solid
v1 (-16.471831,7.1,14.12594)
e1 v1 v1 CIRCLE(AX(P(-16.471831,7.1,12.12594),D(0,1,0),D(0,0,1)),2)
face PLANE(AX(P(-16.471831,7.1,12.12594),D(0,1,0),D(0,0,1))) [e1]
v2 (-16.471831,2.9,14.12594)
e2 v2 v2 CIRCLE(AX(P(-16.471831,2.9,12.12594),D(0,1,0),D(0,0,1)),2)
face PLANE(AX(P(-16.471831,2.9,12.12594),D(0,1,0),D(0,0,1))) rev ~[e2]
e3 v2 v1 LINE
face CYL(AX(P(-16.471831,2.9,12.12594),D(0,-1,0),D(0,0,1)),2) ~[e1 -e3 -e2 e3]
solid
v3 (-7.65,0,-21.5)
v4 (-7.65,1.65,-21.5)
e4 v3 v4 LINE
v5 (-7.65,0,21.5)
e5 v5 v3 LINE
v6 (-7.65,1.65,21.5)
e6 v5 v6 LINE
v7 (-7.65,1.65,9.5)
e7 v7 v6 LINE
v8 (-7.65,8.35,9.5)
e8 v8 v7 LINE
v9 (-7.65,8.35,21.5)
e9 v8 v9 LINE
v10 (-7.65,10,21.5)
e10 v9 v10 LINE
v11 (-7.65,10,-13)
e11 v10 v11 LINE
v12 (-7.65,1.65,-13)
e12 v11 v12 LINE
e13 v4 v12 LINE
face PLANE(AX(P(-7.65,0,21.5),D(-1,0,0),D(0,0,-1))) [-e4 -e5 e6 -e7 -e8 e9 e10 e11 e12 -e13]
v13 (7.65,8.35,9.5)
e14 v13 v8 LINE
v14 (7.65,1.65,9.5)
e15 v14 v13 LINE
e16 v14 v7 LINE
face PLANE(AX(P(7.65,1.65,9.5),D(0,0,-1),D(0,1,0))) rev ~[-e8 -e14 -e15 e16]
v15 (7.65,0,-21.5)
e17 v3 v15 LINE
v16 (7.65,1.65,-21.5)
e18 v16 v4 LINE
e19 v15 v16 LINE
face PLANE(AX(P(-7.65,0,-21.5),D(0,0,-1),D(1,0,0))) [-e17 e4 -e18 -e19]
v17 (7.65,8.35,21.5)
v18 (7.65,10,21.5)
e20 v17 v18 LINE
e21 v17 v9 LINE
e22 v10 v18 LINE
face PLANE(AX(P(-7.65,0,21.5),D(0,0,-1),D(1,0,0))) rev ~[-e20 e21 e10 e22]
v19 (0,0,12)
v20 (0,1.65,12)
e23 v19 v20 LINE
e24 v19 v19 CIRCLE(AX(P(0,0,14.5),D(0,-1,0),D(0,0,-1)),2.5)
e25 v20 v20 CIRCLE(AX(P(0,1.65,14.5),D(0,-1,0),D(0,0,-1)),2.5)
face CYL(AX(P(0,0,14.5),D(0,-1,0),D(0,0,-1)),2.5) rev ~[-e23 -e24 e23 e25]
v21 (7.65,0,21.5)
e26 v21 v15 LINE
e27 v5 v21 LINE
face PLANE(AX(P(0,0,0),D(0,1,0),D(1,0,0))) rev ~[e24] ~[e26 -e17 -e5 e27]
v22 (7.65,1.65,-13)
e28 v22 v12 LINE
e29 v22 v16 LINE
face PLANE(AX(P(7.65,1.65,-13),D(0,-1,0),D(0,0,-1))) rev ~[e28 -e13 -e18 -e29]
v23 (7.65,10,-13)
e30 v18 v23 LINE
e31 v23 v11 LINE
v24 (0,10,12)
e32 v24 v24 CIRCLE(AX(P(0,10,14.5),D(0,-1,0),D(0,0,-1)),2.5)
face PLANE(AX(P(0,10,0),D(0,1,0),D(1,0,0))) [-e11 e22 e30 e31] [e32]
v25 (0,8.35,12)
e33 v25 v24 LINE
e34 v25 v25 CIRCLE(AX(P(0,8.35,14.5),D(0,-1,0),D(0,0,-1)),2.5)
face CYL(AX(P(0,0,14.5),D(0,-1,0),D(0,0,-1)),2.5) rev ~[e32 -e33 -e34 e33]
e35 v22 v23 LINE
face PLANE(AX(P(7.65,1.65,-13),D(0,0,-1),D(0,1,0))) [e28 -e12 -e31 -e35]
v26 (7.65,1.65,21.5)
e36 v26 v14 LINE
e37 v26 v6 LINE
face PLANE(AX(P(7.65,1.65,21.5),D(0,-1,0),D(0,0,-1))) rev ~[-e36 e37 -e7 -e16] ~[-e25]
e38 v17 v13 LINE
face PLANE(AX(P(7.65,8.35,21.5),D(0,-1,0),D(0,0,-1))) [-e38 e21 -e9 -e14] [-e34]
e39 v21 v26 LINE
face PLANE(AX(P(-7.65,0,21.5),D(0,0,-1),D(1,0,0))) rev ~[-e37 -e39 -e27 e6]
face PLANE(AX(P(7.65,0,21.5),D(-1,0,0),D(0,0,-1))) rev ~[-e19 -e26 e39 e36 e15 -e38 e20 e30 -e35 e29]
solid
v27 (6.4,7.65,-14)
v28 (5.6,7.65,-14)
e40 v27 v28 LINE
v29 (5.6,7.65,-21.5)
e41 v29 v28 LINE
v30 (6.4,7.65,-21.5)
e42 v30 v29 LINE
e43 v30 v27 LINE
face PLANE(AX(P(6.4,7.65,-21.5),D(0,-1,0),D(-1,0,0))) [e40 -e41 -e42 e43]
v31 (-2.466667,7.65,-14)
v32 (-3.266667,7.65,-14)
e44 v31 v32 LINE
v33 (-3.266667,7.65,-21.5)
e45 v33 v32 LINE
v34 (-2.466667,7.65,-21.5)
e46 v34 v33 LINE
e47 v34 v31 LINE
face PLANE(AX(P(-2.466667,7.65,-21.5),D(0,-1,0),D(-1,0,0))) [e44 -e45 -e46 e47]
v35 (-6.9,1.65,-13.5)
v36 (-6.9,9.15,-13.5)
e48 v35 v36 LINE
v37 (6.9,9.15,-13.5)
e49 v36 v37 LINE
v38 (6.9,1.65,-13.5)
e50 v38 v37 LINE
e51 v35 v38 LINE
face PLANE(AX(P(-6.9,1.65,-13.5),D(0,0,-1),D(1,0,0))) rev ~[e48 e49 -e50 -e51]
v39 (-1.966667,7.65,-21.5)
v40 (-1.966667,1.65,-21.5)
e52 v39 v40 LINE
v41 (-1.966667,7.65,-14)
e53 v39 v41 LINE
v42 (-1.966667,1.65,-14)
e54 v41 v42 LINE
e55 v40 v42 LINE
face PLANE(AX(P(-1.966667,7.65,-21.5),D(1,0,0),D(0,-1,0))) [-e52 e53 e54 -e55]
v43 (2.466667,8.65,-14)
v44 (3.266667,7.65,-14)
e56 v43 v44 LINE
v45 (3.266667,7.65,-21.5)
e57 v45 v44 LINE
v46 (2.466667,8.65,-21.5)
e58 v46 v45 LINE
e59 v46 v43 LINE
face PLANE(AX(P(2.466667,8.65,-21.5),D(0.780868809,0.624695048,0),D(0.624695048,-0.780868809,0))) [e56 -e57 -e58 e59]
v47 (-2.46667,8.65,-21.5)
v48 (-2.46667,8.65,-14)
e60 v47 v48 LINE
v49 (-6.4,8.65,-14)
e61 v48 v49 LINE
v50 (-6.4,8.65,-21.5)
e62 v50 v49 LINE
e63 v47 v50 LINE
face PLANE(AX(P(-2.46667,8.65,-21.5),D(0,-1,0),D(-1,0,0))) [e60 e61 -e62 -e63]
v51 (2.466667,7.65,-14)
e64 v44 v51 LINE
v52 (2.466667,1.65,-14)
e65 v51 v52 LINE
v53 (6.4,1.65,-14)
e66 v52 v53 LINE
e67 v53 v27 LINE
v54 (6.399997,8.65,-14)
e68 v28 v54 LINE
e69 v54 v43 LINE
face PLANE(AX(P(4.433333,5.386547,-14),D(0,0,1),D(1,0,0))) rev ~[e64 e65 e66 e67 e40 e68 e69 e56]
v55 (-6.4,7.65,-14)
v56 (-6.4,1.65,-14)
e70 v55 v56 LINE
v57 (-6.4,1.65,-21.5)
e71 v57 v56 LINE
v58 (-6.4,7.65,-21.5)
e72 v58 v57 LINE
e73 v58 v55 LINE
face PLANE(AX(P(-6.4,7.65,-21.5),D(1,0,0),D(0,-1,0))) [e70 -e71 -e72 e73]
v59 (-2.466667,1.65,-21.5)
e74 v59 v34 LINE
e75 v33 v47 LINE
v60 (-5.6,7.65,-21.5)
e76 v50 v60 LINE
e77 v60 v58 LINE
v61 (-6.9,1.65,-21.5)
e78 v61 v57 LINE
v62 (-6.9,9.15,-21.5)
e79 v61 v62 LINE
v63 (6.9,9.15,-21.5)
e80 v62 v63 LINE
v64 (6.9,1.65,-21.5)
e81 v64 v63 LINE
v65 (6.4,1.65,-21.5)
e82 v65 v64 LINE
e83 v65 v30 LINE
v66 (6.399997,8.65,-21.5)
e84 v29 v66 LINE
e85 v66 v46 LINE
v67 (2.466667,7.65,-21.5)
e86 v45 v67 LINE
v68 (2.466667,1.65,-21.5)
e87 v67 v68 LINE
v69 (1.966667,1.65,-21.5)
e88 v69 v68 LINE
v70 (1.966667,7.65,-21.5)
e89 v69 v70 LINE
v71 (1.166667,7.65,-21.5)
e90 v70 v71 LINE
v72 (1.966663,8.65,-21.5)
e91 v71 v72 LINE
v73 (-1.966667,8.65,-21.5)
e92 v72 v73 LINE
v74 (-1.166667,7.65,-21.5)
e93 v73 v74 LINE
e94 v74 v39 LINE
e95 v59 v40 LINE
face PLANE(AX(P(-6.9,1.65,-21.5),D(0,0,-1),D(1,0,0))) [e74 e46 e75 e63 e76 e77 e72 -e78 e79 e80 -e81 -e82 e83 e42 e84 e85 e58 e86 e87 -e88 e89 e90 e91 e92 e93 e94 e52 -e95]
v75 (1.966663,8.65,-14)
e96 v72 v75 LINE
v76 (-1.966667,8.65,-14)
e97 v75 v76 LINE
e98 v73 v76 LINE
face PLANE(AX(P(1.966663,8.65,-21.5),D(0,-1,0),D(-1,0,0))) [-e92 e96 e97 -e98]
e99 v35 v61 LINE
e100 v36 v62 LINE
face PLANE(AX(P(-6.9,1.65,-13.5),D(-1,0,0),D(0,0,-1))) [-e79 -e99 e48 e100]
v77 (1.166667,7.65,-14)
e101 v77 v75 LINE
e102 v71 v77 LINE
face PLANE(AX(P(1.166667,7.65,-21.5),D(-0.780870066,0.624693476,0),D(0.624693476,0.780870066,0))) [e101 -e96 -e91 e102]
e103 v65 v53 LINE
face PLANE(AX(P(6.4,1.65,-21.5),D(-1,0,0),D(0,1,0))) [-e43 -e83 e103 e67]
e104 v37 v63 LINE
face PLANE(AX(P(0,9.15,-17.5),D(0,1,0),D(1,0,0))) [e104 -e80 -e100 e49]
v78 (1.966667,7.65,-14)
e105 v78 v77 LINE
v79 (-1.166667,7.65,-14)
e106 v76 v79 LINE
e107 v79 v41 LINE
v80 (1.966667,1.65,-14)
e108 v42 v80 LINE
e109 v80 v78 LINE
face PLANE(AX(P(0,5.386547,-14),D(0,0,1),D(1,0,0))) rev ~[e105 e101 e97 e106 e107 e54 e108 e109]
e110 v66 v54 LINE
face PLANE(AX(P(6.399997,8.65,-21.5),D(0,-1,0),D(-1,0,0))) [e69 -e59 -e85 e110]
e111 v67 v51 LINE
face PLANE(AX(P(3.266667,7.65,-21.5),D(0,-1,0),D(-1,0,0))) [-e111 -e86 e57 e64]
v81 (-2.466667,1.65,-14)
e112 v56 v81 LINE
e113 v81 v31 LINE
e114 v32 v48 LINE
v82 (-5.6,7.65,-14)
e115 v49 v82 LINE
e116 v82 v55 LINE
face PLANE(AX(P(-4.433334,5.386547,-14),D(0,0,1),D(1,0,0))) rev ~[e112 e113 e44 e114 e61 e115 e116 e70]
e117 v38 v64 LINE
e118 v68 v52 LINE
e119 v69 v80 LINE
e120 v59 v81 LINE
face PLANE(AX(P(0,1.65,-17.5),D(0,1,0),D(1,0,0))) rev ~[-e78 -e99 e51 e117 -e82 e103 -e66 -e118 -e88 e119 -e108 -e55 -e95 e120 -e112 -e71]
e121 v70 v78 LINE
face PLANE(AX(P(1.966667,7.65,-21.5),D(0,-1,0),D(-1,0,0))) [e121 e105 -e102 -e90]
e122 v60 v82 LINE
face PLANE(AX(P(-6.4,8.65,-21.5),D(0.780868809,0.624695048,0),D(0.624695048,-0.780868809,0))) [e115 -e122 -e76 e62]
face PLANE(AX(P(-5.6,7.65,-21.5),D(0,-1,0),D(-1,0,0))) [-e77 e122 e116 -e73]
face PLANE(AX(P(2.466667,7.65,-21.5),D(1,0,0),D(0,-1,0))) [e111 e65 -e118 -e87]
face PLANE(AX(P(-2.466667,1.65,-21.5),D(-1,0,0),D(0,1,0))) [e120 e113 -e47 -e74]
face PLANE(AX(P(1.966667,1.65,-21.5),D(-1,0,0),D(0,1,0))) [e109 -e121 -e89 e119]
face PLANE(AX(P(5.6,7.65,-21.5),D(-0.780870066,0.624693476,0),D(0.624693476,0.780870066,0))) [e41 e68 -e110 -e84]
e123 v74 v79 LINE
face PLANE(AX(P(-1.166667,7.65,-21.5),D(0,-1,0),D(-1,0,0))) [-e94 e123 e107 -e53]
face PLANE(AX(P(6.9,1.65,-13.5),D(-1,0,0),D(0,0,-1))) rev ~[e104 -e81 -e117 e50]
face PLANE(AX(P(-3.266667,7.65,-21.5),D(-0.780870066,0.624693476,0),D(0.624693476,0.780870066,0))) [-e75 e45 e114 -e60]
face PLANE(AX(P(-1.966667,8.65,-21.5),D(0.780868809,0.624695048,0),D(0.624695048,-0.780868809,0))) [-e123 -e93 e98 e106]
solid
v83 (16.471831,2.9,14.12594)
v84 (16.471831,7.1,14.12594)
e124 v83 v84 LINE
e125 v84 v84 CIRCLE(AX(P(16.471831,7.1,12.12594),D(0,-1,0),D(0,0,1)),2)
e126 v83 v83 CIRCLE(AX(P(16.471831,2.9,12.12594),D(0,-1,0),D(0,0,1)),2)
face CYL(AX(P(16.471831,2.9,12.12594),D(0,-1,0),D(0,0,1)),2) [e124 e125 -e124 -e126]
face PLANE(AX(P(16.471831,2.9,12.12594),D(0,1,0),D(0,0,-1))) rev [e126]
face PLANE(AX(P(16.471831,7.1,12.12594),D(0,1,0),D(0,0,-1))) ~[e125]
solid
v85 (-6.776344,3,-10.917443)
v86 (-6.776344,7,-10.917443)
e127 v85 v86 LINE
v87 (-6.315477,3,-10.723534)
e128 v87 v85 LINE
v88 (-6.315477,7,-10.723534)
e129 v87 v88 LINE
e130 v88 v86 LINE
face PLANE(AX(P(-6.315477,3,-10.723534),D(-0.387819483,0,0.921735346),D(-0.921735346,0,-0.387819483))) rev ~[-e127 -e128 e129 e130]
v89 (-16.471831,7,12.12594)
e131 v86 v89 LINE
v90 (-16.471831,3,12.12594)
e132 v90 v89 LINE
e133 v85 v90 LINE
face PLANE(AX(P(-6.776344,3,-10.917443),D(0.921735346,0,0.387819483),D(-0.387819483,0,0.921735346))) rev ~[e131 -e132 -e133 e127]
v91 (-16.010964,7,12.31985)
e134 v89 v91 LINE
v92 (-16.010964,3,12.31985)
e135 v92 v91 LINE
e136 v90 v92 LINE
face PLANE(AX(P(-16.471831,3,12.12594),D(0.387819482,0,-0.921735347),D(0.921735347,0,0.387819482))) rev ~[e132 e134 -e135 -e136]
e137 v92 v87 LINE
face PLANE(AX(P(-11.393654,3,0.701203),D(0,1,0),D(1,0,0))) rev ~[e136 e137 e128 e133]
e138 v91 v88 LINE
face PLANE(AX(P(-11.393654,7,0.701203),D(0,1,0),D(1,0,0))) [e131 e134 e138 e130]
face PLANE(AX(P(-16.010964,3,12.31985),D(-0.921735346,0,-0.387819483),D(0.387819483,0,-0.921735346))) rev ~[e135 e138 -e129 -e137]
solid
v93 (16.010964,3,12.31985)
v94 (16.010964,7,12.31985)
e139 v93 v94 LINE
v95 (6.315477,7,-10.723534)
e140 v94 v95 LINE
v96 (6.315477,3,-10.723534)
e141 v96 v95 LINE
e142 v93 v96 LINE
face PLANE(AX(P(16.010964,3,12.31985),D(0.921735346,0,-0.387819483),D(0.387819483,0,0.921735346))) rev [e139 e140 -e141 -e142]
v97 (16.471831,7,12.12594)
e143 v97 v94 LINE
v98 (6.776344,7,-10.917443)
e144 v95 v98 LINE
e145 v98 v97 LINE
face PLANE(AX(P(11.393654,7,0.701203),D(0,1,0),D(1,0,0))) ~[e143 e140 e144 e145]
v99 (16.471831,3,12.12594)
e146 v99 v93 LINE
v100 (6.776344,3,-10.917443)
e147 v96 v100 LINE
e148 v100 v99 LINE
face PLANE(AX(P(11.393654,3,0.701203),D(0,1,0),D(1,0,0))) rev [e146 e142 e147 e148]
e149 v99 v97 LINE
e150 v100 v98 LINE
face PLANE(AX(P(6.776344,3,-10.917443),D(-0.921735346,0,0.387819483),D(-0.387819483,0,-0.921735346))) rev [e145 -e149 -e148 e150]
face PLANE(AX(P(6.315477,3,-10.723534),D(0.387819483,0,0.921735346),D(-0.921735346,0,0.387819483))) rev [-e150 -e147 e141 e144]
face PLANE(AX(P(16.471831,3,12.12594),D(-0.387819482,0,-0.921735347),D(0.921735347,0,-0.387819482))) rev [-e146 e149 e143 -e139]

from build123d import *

# Parameters (mm, degrees)
SKETCH1_W                = 15.3
SKETCH1_H                = 43
BOSS_EXTRUDE1_DEPTH      = 10
SKETCH2_W                = 12
SKETCH2_H                = 6.7
SKETCH2_W_2              = 8.5
SKETCH2_H_2              = 8.35
CUT_EXTRUDE1_DEPTH       = 29.219496806
SKETCH3_W                = 13.8
SKETCH3_H                = 8
BOSS_EXTRUDE2_DEPTH      = 7.5
CUT_EXTRUDE2_DEPTH       = 7.5
LPATTERN1_COUNT          = 3
LPATTERN1_PITCH          = 4.433333333
BOSS_EXTRUDE3_DEPTH      = 4
BOSS_EXTRUDE4_DEPTH      = 4.1
BOSS_EXTRUDE4_DEPTH_BACK = 0.1
SKETCH7_R                = 2
SKETCH8_R                = 2.5
CUT_EXTRUDE3_DEPTH       = 31.057587225


with BuildPart() as part:
    # Sketch1 → Boss-Extrude1 (new body)
    with BuildSketch(Plane(origin=(0, 0, 0), x_dir=(1, 0, 0), z_dir=(0, 1, 0))):
        Rectangle(SKETCH1_W, SKETCH1_H)
    extrude(amount=BOSS_EXTRUDE1_DEPTH)

    # Sketch2 → Cut-Extrude1 (cut, through all)
    with BuildSketch(Plane(origin=(7.65, 0, 0), x_dir=(0, 0, -1), z_dir=(1, 0, 0))):
        with Locations((-15.5, 5)):
            Rectangle(SKETCH2_W, SKETCH2_H)
        with Locations((17.25, 5.825)):
            Rectangle(SKETCH2_W_2, SKETCH2_H_2)
    extrude(amount=-CUT_EXTRUDE1_DEPTH, mode=Mode.SUBTRACT)

    # Sketch8 → Cut-Extrude3 (cut, through all)
    with BuildSketch(Plane.XZ):
        with Locations(Location((0, 14.5, 0), (0, 0, 270))):
            Circle(SKETCH8_R)
    extrude(amount=-CUT_EXTRUDE3_DEPTH, mode=Mode.SUBTRACT)


with BuildPart() as body_2:
    # Sketch3 → Boss-Extrude2 (new body)
    with BuildSketch(Plane(origin=(0, 1.65, 0), x_dir=(1, 0, 0), z_dir=(0, 1, 0))):
        with Locations((0, 17.5)):
            Rectangle(SKETCH3_W, SKETCH3_H)
    extrude(amount=BOSS_EXTRUDE2_DEPTH)

    # Sketch4 → Cut-Extrude2 (cut)
    with BuildSketch(Plane(origin=(0, 0, -21.5), x_dir=(-1, 0, 0), z_dir=(0, 0, -1))):
        Polygon((-6.4, 1.65), (-6.4, 7.65), (-5.6, 7.65), (-6.3999967, 8.65), (-2.4666667, 8.65), (-3.2666667, 7.65), (-2.4666667, 7.65), (-2.4666667, 1.65), align=None)
    cut_extrude2 = extrude(amount=-CUT_EXTRUDE2_DEPTH, mode=Mode.SUBTRACT)

    # LPattern1: Cut-Extrude2 ×3
    with Locations(*[(-i * LPATTERN1_PITCH, 0, 0) for i in range(1, LPATTERN1_COUNT)]):
        add(cut_extrude2, mode=Mode.SUBTRACT)


with BuildPart() as body_3:
    # Sketch6 → Boss-Extrude3 (new body)
    with BuildSketch(Plane(origin=(0, 3, 0), x_dir=(1, 0, 0), z_dir=(0, 1, 0))):
        Polygon((-6.77634418, 10.917443401), (-16.471831252, -12.125940258), (-16.010963579, -12.319849999), (-6.315476506, 10.723533659), align=None)
    extrude(amount=BOSS_EXTRUDE3_DEPTH)


with BuildPart() as body_4:
    # Sketch7 → Boss-Extrude4 (new, two sides: drawn at the far end of the back side and taken through both)
    with BuildSketch(Plane(origin=(0, 3, 0), x_dir=(1, 0, 0), z_dir=(0, 1, 0)).offset(-BOSS_EXTRUDE4_DEPTH_BACK)):
        with Locations(Location((-16.471831252, -12.125940258, 0), (0, 0, 270))):
            Circle(SKETCH7_R)
    extrude(amount=BOSS_EXTRUDE4_DEPTH + BOSS_EXTRUDE4_DEPTH_BACK)


with BuildPart() as body_5:
    # Mirror1: mirrored copy
    add(body_4.part.mirror(Plane(origin=(0, 0, 0), x_dir=(0, 0, 1), z_dir=(1, 0, 0))))


with BuildPart() as body_6:
    # Mirror1 2: mirrored copy
    add(body_3.part.mirror(Plane(origin=(0, 0, 0), x_dir=(0, 0, 1), z_dir=(1, 0, 0))))


solid = Compound([part.part, body_2.part, body_3.part, body_4.part, body_5.part, body_6.part])
